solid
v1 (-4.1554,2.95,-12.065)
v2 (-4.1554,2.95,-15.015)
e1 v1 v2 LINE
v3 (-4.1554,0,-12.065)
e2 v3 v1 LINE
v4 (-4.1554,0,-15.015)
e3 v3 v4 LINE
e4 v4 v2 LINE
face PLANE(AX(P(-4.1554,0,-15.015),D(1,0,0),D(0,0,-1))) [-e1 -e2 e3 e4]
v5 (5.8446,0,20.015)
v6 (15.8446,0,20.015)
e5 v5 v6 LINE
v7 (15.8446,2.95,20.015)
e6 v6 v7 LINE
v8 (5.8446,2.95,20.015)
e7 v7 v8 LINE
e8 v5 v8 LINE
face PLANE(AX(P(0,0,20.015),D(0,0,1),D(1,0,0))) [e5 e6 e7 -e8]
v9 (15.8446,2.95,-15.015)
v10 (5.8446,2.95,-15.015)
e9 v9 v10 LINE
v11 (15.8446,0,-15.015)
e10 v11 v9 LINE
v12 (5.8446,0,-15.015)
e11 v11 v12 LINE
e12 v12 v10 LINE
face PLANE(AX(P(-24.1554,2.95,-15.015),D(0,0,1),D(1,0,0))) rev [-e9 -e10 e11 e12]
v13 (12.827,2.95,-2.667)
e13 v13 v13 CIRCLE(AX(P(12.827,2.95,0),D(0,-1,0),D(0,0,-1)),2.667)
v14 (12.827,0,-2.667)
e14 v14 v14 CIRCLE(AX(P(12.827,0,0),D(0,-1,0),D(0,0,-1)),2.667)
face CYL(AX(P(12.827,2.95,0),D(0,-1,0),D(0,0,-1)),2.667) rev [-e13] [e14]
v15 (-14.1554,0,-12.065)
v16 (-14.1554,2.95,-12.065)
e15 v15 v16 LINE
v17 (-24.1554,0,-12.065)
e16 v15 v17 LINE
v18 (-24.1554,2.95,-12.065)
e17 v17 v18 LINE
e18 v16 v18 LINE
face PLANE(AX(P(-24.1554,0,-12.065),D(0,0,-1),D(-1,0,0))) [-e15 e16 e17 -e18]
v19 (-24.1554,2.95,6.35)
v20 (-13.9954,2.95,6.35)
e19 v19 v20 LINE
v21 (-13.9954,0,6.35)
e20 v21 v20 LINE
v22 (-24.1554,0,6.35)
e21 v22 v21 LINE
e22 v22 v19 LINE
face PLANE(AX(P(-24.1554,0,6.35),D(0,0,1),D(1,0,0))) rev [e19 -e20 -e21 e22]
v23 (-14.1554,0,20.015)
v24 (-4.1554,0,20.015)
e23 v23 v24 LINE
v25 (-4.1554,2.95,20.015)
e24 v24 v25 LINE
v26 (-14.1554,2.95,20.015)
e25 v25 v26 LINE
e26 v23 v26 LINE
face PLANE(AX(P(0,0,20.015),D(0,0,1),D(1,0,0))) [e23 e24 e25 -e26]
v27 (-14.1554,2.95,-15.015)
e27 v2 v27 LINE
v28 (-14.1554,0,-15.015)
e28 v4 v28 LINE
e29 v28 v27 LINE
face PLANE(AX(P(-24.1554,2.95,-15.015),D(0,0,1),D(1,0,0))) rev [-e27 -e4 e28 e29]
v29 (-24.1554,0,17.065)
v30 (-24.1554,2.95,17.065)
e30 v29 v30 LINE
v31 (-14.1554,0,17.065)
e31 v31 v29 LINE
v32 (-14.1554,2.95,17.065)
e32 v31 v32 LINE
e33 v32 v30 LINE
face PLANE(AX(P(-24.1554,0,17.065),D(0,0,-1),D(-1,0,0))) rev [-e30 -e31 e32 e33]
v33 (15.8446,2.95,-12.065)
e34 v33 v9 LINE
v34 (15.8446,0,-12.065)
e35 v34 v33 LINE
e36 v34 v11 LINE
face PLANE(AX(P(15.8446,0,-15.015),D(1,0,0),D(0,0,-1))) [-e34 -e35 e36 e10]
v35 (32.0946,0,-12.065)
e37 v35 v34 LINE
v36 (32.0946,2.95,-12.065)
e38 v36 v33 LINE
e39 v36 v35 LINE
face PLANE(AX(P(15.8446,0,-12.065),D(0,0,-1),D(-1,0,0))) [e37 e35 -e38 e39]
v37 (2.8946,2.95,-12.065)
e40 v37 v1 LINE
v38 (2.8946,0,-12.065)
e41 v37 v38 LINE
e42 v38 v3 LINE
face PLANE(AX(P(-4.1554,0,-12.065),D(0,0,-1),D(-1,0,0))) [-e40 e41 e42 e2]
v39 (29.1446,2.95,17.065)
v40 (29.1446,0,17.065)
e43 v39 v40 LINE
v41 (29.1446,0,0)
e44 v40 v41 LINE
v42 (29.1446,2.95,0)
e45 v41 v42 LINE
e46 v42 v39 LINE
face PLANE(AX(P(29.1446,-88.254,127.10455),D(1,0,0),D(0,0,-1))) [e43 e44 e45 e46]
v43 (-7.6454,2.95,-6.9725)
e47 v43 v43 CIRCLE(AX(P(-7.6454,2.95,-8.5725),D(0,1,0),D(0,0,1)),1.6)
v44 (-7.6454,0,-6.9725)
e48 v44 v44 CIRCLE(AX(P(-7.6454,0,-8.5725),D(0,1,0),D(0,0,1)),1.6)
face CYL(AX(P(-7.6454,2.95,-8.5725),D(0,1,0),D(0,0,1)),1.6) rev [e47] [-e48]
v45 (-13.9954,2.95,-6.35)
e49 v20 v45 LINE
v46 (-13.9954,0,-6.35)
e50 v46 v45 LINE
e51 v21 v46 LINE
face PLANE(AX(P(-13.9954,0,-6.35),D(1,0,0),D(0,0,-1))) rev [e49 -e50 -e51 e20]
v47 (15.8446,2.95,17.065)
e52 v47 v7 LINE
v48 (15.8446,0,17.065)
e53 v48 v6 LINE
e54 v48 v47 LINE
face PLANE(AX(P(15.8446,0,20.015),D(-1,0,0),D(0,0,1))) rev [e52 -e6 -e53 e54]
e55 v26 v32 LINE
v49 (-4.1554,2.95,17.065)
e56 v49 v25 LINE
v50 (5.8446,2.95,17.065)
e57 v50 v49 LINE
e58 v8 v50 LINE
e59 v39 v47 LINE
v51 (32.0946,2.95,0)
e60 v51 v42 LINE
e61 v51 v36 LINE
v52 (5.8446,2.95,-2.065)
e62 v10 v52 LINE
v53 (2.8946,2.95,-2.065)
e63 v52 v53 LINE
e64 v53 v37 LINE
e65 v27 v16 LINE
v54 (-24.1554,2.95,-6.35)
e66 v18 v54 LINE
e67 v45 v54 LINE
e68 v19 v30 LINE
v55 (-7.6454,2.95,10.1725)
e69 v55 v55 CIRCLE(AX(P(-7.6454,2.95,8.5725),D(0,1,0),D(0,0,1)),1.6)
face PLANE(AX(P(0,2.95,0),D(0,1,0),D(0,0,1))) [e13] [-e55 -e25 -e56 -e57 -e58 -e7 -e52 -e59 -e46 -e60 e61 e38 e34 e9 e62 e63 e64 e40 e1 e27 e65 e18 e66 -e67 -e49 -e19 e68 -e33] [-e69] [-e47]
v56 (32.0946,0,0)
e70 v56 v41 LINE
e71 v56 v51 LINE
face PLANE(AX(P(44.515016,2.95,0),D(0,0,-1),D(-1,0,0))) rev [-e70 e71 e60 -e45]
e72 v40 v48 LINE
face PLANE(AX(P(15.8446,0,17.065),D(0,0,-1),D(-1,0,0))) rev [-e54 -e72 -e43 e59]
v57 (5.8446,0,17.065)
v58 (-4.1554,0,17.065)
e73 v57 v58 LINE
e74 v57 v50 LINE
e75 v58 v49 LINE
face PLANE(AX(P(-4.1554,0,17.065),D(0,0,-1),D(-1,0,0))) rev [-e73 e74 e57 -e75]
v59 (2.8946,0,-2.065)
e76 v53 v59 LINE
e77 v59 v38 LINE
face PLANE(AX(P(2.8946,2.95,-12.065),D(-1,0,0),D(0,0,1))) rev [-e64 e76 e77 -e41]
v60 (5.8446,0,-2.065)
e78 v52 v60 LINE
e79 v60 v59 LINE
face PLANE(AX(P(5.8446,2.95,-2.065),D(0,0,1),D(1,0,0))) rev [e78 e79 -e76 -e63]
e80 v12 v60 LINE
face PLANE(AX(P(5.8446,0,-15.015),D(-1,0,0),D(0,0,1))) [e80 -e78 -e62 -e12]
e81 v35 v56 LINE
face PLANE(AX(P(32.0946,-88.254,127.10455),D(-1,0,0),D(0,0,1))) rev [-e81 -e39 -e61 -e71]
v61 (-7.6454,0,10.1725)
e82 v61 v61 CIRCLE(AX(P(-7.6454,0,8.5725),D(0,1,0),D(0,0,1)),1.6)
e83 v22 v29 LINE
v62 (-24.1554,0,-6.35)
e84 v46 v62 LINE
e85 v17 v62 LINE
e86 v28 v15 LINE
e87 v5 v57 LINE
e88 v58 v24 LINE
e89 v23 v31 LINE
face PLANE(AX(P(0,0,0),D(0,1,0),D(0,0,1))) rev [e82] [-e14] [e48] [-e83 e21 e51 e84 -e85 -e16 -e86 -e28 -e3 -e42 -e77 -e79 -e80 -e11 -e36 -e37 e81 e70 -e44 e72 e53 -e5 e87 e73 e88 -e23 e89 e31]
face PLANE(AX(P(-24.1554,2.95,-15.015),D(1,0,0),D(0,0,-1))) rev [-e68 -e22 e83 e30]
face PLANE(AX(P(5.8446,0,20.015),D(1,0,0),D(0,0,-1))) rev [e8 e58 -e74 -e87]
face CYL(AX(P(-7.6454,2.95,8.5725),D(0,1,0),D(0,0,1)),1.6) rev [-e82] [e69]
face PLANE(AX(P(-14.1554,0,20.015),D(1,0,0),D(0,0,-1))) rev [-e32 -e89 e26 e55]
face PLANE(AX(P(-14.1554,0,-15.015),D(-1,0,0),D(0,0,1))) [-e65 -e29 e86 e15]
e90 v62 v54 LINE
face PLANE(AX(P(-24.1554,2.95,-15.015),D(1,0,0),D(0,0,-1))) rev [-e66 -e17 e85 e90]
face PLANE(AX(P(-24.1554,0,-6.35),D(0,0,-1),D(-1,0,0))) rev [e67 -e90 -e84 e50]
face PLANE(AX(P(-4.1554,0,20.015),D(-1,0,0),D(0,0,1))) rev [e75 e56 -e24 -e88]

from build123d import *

# Parameters (mm, degrees)
SKETCH1_W               = 48.3108
SKETCH1_H               = 30.03
BOSS_EXTRUDE1_DEPTH     = 2.95
SKETCH2_W               = 10.16
SKETCH2_H               = 12.7
CUT_EXTRUDE1_DEPTH      = 3.95
M3_CLEARANCE_HOLE1_D    = 3.2
SKETCH7_W               = 48.3108
SKETCH7_H               = 2.95
BOSS_EXTRUDE2_DEPTH     = 5
SKETCH6_W               = 10
SKETCH6_H               = 2.95
CUT_EXTRUDE2_DEPTH      = 3.95
LPATTERN1_COUNT         = 3
LPATTERN1_PITCH         = 20
MIRROR1_COPY_1_SKETCH_W = 10
MIRROR1_COPY_1_SKETCH_H = 2.95
MIRROR1_COPY_1_DEPTH    = 3.95
MIRROR1_COPY_2_SKETCH_W = 10
MIRROR1_COPY_2_SKETCH_H = 2.95
MIRROR1_COPY_2_DEPTH    = 3.95
SKETCH8_W               = 12.065
SKETCH8_H               = 2.95
BOSS_EXTRUDE3_DEPTH     = 7.9392
SKETCH9_W               = 17.065
SKETCH9_H               = 2.95
BOSS_EXTRUDE4_DEPTH     = 4.9892
SKETCH10_R              = 2.667
CUT_EXTRUDE3_DEPTH      = 3.95
SKETCH11_W              = 2.95
SKETCH11_H              = 10
CUT_EXTRUDE4_DEPTH      = 3.95


with BuildPart() as part:
    # Sketch1 → Boss-Extrude1 (new body)
    with BuildSketch(Plane(origin=(0, 0, 0), x_dir=(1, 0, 0), z_dir=(0, 1, 0))):
        Rectangle(SKETCH1_W, SKETCH1_H)
    extrude(amount=BOSS_EXTRUDE1_DEPTH)

    # Sketch2 → Cut-Extrude1 (cut, through all)
    with BuildSketch(Plane(origin=(0, 2.95, 0), x_dir=(1, 0, 0), z_dir=(0, 1, 0))):
        with Locations((-19.0754, 0)):
            Rectangle(SKETCH2_W, SKETCH2_H)
    extrude(amount=-CUT_EXTRUDE1_DEPTH, mode=Mode.SUBTRACT)

    # M3 Clearance Hole1 (through all)
    with Locations(Plane(origin=(0, 2.95, 0), x_dir=(1, 0, 0), z_dir=(0, 1, 0))):
        with Locations((-7.6454, 8.5725), (-7.6454, -8.5725)):
            Hole(M3_CLEARANCE_HOLE1_D / 2)

    # Sketch7 → Boss-Extrude2 (add)
    with BuildSketch(Plane.XY.offset(15.015)):
        with Locations((0, 1.475)):
            Rectangle(SKETCH7_W, SKETCH7_H)
    extrude(amount=BOSS_EXTRUDE2_DEPTH)

    # Sketch6 → Cut-Extrude2 (cut, through all)
    with BuildSketch(Plane(origin=(0, 2.95, 0), x_dir=(1, 0, 0), z_dir=(0, 1, 0))):
        with Locations((-19.1554, -18.54)):
            Rectangle(SKETCH6_W, SKETCH6_H)
    cut_extrude2 = extrude(amount=-CUT_EXTRUDE2_DEPTH, mode=Mode.SUBTRACT)

    # LPattern1: Cut-Extrude2 ×3
    with Locations(*[(i * LPATTERN1_PITCH, 0, 0) for i in range(1, LPATTERN1_COUNT)]):
        add(cut_extrude2, mode=Mode.SUBTRACT)

    # Mirror1: Cut-Extrude2 across plane
    add(cut_extrude2.mirror(Plane.XY.offset(2.5)), mode=Mode.SUBTRACT)

    # Mirror1 copy 1 sketch → Mirror1 copy 1 (cut, through all)
    with BuildSketch(Plane(origin=(20, 2.95, 5), x_dir=(1, 0, 0), z_dir=(0, 1, 0))):
        with Locations((-19.1554, 18.54)):
            Rectangle(MIRROR1_COPY_1_SKETCH_W, MIRROR1_COPY_1_SKETCH_H)
    extrude(amount=-MIRROR1_COPY_1_DEPTH, mode=Mode.SUBTRACT)

    # Mirror1 copy 2 sketch → Mirror1 copy 2 (cut, through all)
    with BuildSketch(Plane(origin=(40, 2.95, 5), x_dir=(1, 0, 0), z_dir=(0, 1, 0))):
        with Locations((-19.1554, 18.54)):
            Rectangle(MIRROR1_COPY_2_SKETCH_W, MIRROR1_COPY_2_SKETCH_H)
    extrude(amount=-MIRROR1_COPY_2_DEPTH, mode=Mode.SUBTRACT)

    # Sketch8 → Boss-Extrude3 (add)
    with BuildSketch(Plane(origin=(24.1554, 0, 0), x_dir=(0, 0, -1), z_dir=(1, 0, 0))):
        with Locations((6.0325, 1.475)):
            Rectangle(SKETCH8_W, SKETCH8_H)
    extrude(amount=BOSS_EXTRUDE3_DEPTH)

    # Sketch9 → Boss-Extrude4 (add)
    with BuildSketch(Plane(origin=(24.1554, 0, 0), x_dir=(0, 0, -1), z_dir=(1, 0, 0))):
        with Locations((-8.5325, 1.475)):
            Rectangle(SKETCH9_W, SKETCH9_H)
    extrude(amount=BOSS_EXTRUDE4_DEPTH)

    # Sketch10 → Cut-Extrude3 (cut, through all)
    with BuildSketch(Plane.XZ):
        with Locations((12.827, 0)):
            Circle(SKETCH10_R)
    extrude(amount=-CUT_EXTRUDE3_DEPTH, mode=Mode.SUBTRACT)

    # Sketch11 → Cut-Extrude4 (cut, through all)
    with BuildSketch(Plane.XZ):
        with Locations((4.3696, -7.065)):
            Rectangle(SKETCH11_W, SKETCH11_H)
    extrude(amount=-CUT_EXTRUDE4_DEPTH, mode=Mode.SUBTRACT)


solid = part.part
